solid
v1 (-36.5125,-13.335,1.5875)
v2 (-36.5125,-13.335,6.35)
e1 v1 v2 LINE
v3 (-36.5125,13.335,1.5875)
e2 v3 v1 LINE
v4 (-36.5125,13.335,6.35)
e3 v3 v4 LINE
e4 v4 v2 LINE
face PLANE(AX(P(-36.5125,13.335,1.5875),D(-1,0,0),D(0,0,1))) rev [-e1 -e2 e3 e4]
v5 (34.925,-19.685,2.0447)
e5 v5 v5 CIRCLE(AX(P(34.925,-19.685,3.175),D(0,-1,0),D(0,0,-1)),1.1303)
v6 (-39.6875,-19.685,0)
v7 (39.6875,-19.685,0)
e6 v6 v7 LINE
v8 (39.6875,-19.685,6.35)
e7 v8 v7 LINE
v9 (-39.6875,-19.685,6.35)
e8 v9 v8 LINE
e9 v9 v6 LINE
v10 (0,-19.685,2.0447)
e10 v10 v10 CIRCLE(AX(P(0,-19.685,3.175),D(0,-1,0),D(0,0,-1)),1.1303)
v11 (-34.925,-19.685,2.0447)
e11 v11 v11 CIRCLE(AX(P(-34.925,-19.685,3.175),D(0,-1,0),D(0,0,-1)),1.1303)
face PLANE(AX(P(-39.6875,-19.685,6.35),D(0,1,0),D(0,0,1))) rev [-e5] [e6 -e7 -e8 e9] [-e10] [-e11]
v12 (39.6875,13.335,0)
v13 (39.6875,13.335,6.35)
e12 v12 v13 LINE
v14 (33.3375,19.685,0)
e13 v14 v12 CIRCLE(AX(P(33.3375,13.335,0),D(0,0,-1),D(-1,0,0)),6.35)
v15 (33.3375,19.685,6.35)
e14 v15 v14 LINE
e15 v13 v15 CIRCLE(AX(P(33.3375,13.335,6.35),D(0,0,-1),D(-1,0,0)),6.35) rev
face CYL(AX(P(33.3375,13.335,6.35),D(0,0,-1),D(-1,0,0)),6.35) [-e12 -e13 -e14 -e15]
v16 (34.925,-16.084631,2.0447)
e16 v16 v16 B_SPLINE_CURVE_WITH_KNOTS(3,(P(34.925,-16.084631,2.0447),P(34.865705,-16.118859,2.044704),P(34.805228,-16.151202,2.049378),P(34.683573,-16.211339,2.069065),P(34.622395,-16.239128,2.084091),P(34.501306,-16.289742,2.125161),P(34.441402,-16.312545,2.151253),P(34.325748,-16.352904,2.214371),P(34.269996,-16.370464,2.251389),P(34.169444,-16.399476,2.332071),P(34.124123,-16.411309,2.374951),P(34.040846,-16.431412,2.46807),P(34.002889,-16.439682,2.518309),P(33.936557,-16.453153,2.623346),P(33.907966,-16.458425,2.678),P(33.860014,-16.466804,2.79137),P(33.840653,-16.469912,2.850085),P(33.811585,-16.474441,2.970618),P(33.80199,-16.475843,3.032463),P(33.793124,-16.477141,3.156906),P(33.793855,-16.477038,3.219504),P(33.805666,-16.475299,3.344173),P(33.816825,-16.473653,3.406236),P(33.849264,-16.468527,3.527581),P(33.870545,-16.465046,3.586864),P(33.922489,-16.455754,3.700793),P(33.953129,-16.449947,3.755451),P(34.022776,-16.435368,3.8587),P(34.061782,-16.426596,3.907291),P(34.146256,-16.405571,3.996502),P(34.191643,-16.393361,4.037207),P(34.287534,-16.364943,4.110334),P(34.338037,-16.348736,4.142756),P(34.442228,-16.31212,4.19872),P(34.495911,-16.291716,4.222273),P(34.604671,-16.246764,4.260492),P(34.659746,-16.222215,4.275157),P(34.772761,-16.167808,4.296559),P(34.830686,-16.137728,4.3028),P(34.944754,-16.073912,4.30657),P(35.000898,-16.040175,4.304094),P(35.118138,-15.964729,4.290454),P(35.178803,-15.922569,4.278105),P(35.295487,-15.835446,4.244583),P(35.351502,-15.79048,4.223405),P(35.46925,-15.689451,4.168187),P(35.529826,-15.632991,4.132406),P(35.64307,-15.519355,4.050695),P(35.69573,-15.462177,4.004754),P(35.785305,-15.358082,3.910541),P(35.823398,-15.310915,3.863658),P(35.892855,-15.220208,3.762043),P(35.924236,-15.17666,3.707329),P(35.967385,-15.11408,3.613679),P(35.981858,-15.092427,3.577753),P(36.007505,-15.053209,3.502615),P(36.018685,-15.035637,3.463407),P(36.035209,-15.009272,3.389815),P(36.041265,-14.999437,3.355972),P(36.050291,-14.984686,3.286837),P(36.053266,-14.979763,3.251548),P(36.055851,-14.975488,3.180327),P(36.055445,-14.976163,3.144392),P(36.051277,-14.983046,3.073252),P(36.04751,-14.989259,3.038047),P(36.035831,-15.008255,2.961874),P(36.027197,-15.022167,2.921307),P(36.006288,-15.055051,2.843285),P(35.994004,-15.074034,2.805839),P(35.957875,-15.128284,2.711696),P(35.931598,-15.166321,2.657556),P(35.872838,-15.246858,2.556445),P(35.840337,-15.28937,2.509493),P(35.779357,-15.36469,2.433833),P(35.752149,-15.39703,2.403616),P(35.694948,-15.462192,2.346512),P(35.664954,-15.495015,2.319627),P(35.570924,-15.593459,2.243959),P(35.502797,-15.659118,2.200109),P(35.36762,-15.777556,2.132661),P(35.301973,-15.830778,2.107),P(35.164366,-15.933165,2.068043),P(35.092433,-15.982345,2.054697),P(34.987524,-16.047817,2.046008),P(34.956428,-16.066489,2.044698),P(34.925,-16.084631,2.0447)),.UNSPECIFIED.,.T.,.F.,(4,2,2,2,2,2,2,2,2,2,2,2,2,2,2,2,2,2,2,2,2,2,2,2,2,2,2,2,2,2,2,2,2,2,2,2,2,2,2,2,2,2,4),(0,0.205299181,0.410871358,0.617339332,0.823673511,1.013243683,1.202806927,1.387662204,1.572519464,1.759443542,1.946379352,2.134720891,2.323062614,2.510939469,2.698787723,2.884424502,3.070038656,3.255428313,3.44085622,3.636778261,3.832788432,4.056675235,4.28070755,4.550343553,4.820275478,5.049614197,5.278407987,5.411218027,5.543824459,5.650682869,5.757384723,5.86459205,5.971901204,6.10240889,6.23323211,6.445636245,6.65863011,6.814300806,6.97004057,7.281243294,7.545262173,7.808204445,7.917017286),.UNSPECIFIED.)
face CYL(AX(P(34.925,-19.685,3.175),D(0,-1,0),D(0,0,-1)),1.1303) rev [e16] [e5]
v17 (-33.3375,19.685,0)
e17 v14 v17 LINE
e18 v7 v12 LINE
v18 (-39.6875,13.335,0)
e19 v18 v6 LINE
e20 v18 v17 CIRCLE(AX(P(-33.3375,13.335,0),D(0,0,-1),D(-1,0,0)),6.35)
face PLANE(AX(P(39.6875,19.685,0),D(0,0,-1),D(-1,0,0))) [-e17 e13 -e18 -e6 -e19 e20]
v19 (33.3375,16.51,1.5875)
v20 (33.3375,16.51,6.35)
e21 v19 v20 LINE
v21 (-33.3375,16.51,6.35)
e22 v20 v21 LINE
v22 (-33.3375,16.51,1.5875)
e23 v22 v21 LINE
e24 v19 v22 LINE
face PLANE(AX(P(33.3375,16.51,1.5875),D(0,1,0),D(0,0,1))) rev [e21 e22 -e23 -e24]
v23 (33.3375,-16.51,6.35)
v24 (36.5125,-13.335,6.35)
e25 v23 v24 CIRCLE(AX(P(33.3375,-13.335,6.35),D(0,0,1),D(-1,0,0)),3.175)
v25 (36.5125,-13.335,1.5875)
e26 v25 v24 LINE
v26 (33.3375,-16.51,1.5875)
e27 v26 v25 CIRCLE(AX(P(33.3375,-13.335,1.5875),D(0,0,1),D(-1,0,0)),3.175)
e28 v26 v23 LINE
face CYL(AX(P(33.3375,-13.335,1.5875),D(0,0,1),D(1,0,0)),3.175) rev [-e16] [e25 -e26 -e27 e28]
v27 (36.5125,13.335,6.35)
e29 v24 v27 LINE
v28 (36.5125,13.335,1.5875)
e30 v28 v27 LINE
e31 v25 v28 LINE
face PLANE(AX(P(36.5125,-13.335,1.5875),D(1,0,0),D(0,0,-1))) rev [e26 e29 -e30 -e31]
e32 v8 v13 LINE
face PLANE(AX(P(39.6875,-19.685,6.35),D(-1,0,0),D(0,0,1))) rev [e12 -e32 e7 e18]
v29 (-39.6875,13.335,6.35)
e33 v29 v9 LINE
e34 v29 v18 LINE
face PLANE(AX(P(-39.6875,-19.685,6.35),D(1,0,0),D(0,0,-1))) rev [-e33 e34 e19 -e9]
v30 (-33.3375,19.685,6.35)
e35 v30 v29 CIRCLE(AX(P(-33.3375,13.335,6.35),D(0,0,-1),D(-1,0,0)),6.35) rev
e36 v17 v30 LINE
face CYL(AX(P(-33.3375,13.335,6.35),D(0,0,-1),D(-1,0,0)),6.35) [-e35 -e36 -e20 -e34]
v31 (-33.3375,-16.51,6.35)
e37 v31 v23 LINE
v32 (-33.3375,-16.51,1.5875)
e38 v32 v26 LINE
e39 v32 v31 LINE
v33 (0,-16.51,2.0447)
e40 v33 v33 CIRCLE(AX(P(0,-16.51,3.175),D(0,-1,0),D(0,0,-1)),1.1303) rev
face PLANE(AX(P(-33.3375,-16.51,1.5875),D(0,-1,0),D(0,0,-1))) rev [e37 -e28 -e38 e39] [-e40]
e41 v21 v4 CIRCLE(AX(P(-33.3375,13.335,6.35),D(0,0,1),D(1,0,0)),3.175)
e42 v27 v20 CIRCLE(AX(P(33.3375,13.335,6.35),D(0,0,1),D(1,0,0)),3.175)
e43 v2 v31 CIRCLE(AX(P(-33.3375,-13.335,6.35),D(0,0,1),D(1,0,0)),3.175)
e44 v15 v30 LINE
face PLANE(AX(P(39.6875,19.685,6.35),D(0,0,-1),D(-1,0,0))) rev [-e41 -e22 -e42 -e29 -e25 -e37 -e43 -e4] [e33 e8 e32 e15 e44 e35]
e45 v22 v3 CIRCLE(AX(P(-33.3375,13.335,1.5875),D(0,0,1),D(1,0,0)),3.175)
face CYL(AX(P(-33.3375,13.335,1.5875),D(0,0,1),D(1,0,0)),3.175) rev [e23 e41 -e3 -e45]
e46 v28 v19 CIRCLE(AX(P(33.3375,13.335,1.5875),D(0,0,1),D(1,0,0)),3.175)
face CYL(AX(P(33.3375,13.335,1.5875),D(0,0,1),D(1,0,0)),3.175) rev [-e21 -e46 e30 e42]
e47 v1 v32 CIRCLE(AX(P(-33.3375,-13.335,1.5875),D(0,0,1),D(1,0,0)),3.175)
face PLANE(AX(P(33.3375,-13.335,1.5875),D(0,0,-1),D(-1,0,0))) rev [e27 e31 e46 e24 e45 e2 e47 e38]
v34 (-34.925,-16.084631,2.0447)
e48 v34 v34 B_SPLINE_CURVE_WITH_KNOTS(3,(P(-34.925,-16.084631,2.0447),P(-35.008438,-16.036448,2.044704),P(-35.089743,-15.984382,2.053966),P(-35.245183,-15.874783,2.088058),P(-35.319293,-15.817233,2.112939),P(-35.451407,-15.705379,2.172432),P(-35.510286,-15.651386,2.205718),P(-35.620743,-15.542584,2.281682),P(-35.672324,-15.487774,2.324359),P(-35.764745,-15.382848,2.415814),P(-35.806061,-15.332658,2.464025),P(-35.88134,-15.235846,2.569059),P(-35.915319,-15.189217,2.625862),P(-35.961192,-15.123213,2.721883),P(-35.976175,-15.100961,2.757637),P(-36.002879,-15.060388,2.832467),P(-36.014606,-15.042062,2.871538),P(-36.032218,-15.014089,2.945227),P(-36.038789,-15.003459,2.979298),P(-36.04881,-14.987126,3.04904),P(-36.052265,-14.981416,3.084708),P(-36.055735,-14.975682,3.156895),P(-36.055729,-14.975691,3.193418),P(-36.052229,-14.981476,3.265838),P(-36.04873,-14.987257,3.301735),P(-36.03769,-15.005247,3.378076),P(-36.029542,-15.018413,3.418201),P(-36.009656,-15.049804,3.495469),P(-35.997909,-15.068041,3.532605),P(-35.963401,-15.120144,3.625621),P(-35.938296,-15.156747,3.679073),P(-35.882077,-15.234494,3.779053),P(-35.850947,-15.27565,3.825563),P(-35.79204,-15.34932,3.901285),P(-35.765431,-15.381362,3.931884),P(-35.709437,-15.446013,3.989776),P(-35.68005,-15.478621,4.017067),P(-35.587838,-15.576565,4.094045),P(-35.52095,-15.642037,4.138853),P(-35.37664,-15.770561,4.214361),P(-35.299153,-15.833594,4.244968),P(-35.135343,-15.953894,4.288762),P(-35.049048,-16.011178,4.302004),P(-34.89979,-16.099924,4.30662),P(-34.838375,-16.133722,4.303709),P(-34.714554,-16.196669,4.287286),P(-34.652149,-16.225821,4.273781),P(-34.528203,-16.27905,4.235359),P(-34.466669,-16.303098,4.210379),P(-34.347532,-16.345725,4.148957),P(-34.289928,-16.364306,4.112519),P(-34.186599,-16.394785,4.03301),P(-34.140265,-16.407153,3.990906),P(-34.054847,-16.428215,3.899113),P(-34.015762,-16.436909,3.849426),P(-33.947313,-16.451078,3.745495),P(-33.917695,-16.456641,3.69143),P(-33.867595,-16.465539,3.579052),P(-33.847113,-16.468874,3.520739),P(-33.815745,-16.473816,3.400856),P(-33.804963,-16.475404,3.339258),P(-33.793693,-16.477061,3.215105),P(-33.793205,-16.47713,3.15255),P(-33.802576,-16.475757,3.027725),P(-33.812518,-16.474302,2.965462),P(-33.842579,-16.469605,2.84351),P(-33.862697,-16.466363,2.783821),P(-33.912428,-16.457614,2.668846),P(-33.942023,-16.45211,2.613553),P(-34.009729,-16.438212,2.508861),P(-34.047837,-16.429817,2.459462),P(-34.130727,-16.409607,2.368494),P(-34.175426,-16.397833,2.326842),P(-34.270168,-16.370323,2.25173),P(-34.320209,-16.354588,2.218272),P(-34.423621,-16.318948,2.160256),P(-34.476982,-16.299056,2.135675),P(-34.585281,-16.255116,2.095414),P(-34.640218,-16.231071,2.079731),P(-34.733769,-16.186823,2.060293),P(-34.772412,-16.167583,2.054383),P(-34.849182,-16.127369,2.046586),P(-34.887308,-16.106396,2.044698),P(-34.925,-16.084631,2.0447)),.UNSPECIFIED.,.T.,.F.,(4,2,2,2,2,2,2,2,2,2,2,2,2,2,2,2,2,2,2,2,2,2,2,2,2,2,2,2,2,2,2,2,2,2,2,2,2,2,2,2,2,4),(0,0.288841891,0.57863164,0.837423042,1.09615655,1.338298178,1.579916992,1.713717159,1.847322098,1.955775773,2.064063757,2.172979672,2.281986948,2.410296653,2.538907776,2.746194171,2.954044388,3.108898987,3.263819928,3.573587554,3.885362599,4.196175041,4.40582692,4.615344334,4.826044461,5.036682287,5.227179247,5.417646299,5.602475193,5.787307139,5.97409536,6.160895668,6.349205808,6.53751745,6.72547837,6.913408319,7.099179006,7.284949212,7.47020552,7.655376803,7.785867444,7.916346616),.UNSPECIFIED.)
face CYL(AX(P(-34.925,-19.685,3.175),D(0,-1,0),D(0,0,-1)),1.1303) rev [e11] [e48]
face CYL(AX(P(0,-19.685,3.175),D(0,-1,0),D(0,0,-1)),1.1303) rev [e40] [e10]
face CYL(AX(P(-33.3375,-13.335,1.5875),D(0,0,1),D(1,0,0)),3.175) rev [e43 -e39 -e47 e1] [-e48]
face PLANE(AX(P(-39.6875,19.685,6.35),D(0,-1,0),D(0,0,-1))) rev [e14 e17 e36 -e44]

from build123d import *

# Parameters (mm, degrees)
SKETCH1_W                 = 79.375
SKETCH1_H                 = 39.37
BOSS_EXTRUDE1_DEPTH       = 6.35
FILLET1_R                 = 6.35
F_4_40_TAPPED_HOLE1_D     = 2.2606
F_4_40_TAPPED_HOLE1_DEPTH = 7.62
F_4_40_TAPPED_HOLE1_TIP   = 0.679152758
CUT_EXTRUDE1_DEPTH        = 4.7625


with BuildPart() as part:
    # Sketch1 → Boss-Extrude1 (new body)
    with BuildSketch(Plane.XY):
        Rectangle(SKETCH1_W, SKETCH1_H)
    extrude(amount=BOSS_EXTRUDE1_DEPTH)

    # Fillet1
    fillet1_edges = [part.edges().sort_by_distance(p)[0] for p in [
        (-39.6875, 19.685, 3.175),
        (39.6875, 19.685, 3.175),
    ]]
    fillet(fillet1_edges, radius=FILLET1_R)

    # #4-40 Tapped Hole1
    with Locations(Plane.XZ.offset(19.685)):
        with Locations((0, 3.175), (-34.925, 3.175), (34.925, 3.175)):
            Hole(F_4_40_TAPPED_HOLE1_D / 2, depth=F_4_40_TAPPED_HOLE1_DEPTH)
            with Locations((0, 0, -(F_4_40_TAPPED_HOLE1_DEPTH + F_4_40_TAPPED_HOLE1_TIP / 2))):  # 118° drill point
                Cone(0, F_4_40_TAPPED_HOLE1_D / 2, F_4_40_TAPPED_HOLE1_TIP, mode=Mode.SUBTRACT)

    # Sketch5 → Cut-Extrude1 (cut)
    with BuildSketch(Plane.XY.offset(6.35)):
        with BuildLine():
            Line((36.5125, -13.335), (36.5125, 13.335))
            ThreePointArc((36.5125, 13.335), (35.58256403, 15.58006403), (33.3375, 16.51))
            Line((33.3375, 16.51), (-33.3375, 16.51))
            ThreePointArc((-33.3375, 16.51), (-35.58256403, 15.58006403), (-36.5125, 13.335))
            Line((-36.5125, 13.335), (-36.5125, -13.335))
            ThreePointArc((-36.5125, -13.335), (-35.58256403, -15.58006403), (-33.3375, -16.51))
            Line((-33.3375, -16.51), (33.3375, -16.51))
            ThreePointArc((33.3375, -16.51), (35.58256403, -15.58006403), (36.5125, -13.335))
        make_face()
    extrude(amount=-CUT_EXTRUDE1_DEPTH, mode=Mode.SUBTRACT)


solid = part.part
